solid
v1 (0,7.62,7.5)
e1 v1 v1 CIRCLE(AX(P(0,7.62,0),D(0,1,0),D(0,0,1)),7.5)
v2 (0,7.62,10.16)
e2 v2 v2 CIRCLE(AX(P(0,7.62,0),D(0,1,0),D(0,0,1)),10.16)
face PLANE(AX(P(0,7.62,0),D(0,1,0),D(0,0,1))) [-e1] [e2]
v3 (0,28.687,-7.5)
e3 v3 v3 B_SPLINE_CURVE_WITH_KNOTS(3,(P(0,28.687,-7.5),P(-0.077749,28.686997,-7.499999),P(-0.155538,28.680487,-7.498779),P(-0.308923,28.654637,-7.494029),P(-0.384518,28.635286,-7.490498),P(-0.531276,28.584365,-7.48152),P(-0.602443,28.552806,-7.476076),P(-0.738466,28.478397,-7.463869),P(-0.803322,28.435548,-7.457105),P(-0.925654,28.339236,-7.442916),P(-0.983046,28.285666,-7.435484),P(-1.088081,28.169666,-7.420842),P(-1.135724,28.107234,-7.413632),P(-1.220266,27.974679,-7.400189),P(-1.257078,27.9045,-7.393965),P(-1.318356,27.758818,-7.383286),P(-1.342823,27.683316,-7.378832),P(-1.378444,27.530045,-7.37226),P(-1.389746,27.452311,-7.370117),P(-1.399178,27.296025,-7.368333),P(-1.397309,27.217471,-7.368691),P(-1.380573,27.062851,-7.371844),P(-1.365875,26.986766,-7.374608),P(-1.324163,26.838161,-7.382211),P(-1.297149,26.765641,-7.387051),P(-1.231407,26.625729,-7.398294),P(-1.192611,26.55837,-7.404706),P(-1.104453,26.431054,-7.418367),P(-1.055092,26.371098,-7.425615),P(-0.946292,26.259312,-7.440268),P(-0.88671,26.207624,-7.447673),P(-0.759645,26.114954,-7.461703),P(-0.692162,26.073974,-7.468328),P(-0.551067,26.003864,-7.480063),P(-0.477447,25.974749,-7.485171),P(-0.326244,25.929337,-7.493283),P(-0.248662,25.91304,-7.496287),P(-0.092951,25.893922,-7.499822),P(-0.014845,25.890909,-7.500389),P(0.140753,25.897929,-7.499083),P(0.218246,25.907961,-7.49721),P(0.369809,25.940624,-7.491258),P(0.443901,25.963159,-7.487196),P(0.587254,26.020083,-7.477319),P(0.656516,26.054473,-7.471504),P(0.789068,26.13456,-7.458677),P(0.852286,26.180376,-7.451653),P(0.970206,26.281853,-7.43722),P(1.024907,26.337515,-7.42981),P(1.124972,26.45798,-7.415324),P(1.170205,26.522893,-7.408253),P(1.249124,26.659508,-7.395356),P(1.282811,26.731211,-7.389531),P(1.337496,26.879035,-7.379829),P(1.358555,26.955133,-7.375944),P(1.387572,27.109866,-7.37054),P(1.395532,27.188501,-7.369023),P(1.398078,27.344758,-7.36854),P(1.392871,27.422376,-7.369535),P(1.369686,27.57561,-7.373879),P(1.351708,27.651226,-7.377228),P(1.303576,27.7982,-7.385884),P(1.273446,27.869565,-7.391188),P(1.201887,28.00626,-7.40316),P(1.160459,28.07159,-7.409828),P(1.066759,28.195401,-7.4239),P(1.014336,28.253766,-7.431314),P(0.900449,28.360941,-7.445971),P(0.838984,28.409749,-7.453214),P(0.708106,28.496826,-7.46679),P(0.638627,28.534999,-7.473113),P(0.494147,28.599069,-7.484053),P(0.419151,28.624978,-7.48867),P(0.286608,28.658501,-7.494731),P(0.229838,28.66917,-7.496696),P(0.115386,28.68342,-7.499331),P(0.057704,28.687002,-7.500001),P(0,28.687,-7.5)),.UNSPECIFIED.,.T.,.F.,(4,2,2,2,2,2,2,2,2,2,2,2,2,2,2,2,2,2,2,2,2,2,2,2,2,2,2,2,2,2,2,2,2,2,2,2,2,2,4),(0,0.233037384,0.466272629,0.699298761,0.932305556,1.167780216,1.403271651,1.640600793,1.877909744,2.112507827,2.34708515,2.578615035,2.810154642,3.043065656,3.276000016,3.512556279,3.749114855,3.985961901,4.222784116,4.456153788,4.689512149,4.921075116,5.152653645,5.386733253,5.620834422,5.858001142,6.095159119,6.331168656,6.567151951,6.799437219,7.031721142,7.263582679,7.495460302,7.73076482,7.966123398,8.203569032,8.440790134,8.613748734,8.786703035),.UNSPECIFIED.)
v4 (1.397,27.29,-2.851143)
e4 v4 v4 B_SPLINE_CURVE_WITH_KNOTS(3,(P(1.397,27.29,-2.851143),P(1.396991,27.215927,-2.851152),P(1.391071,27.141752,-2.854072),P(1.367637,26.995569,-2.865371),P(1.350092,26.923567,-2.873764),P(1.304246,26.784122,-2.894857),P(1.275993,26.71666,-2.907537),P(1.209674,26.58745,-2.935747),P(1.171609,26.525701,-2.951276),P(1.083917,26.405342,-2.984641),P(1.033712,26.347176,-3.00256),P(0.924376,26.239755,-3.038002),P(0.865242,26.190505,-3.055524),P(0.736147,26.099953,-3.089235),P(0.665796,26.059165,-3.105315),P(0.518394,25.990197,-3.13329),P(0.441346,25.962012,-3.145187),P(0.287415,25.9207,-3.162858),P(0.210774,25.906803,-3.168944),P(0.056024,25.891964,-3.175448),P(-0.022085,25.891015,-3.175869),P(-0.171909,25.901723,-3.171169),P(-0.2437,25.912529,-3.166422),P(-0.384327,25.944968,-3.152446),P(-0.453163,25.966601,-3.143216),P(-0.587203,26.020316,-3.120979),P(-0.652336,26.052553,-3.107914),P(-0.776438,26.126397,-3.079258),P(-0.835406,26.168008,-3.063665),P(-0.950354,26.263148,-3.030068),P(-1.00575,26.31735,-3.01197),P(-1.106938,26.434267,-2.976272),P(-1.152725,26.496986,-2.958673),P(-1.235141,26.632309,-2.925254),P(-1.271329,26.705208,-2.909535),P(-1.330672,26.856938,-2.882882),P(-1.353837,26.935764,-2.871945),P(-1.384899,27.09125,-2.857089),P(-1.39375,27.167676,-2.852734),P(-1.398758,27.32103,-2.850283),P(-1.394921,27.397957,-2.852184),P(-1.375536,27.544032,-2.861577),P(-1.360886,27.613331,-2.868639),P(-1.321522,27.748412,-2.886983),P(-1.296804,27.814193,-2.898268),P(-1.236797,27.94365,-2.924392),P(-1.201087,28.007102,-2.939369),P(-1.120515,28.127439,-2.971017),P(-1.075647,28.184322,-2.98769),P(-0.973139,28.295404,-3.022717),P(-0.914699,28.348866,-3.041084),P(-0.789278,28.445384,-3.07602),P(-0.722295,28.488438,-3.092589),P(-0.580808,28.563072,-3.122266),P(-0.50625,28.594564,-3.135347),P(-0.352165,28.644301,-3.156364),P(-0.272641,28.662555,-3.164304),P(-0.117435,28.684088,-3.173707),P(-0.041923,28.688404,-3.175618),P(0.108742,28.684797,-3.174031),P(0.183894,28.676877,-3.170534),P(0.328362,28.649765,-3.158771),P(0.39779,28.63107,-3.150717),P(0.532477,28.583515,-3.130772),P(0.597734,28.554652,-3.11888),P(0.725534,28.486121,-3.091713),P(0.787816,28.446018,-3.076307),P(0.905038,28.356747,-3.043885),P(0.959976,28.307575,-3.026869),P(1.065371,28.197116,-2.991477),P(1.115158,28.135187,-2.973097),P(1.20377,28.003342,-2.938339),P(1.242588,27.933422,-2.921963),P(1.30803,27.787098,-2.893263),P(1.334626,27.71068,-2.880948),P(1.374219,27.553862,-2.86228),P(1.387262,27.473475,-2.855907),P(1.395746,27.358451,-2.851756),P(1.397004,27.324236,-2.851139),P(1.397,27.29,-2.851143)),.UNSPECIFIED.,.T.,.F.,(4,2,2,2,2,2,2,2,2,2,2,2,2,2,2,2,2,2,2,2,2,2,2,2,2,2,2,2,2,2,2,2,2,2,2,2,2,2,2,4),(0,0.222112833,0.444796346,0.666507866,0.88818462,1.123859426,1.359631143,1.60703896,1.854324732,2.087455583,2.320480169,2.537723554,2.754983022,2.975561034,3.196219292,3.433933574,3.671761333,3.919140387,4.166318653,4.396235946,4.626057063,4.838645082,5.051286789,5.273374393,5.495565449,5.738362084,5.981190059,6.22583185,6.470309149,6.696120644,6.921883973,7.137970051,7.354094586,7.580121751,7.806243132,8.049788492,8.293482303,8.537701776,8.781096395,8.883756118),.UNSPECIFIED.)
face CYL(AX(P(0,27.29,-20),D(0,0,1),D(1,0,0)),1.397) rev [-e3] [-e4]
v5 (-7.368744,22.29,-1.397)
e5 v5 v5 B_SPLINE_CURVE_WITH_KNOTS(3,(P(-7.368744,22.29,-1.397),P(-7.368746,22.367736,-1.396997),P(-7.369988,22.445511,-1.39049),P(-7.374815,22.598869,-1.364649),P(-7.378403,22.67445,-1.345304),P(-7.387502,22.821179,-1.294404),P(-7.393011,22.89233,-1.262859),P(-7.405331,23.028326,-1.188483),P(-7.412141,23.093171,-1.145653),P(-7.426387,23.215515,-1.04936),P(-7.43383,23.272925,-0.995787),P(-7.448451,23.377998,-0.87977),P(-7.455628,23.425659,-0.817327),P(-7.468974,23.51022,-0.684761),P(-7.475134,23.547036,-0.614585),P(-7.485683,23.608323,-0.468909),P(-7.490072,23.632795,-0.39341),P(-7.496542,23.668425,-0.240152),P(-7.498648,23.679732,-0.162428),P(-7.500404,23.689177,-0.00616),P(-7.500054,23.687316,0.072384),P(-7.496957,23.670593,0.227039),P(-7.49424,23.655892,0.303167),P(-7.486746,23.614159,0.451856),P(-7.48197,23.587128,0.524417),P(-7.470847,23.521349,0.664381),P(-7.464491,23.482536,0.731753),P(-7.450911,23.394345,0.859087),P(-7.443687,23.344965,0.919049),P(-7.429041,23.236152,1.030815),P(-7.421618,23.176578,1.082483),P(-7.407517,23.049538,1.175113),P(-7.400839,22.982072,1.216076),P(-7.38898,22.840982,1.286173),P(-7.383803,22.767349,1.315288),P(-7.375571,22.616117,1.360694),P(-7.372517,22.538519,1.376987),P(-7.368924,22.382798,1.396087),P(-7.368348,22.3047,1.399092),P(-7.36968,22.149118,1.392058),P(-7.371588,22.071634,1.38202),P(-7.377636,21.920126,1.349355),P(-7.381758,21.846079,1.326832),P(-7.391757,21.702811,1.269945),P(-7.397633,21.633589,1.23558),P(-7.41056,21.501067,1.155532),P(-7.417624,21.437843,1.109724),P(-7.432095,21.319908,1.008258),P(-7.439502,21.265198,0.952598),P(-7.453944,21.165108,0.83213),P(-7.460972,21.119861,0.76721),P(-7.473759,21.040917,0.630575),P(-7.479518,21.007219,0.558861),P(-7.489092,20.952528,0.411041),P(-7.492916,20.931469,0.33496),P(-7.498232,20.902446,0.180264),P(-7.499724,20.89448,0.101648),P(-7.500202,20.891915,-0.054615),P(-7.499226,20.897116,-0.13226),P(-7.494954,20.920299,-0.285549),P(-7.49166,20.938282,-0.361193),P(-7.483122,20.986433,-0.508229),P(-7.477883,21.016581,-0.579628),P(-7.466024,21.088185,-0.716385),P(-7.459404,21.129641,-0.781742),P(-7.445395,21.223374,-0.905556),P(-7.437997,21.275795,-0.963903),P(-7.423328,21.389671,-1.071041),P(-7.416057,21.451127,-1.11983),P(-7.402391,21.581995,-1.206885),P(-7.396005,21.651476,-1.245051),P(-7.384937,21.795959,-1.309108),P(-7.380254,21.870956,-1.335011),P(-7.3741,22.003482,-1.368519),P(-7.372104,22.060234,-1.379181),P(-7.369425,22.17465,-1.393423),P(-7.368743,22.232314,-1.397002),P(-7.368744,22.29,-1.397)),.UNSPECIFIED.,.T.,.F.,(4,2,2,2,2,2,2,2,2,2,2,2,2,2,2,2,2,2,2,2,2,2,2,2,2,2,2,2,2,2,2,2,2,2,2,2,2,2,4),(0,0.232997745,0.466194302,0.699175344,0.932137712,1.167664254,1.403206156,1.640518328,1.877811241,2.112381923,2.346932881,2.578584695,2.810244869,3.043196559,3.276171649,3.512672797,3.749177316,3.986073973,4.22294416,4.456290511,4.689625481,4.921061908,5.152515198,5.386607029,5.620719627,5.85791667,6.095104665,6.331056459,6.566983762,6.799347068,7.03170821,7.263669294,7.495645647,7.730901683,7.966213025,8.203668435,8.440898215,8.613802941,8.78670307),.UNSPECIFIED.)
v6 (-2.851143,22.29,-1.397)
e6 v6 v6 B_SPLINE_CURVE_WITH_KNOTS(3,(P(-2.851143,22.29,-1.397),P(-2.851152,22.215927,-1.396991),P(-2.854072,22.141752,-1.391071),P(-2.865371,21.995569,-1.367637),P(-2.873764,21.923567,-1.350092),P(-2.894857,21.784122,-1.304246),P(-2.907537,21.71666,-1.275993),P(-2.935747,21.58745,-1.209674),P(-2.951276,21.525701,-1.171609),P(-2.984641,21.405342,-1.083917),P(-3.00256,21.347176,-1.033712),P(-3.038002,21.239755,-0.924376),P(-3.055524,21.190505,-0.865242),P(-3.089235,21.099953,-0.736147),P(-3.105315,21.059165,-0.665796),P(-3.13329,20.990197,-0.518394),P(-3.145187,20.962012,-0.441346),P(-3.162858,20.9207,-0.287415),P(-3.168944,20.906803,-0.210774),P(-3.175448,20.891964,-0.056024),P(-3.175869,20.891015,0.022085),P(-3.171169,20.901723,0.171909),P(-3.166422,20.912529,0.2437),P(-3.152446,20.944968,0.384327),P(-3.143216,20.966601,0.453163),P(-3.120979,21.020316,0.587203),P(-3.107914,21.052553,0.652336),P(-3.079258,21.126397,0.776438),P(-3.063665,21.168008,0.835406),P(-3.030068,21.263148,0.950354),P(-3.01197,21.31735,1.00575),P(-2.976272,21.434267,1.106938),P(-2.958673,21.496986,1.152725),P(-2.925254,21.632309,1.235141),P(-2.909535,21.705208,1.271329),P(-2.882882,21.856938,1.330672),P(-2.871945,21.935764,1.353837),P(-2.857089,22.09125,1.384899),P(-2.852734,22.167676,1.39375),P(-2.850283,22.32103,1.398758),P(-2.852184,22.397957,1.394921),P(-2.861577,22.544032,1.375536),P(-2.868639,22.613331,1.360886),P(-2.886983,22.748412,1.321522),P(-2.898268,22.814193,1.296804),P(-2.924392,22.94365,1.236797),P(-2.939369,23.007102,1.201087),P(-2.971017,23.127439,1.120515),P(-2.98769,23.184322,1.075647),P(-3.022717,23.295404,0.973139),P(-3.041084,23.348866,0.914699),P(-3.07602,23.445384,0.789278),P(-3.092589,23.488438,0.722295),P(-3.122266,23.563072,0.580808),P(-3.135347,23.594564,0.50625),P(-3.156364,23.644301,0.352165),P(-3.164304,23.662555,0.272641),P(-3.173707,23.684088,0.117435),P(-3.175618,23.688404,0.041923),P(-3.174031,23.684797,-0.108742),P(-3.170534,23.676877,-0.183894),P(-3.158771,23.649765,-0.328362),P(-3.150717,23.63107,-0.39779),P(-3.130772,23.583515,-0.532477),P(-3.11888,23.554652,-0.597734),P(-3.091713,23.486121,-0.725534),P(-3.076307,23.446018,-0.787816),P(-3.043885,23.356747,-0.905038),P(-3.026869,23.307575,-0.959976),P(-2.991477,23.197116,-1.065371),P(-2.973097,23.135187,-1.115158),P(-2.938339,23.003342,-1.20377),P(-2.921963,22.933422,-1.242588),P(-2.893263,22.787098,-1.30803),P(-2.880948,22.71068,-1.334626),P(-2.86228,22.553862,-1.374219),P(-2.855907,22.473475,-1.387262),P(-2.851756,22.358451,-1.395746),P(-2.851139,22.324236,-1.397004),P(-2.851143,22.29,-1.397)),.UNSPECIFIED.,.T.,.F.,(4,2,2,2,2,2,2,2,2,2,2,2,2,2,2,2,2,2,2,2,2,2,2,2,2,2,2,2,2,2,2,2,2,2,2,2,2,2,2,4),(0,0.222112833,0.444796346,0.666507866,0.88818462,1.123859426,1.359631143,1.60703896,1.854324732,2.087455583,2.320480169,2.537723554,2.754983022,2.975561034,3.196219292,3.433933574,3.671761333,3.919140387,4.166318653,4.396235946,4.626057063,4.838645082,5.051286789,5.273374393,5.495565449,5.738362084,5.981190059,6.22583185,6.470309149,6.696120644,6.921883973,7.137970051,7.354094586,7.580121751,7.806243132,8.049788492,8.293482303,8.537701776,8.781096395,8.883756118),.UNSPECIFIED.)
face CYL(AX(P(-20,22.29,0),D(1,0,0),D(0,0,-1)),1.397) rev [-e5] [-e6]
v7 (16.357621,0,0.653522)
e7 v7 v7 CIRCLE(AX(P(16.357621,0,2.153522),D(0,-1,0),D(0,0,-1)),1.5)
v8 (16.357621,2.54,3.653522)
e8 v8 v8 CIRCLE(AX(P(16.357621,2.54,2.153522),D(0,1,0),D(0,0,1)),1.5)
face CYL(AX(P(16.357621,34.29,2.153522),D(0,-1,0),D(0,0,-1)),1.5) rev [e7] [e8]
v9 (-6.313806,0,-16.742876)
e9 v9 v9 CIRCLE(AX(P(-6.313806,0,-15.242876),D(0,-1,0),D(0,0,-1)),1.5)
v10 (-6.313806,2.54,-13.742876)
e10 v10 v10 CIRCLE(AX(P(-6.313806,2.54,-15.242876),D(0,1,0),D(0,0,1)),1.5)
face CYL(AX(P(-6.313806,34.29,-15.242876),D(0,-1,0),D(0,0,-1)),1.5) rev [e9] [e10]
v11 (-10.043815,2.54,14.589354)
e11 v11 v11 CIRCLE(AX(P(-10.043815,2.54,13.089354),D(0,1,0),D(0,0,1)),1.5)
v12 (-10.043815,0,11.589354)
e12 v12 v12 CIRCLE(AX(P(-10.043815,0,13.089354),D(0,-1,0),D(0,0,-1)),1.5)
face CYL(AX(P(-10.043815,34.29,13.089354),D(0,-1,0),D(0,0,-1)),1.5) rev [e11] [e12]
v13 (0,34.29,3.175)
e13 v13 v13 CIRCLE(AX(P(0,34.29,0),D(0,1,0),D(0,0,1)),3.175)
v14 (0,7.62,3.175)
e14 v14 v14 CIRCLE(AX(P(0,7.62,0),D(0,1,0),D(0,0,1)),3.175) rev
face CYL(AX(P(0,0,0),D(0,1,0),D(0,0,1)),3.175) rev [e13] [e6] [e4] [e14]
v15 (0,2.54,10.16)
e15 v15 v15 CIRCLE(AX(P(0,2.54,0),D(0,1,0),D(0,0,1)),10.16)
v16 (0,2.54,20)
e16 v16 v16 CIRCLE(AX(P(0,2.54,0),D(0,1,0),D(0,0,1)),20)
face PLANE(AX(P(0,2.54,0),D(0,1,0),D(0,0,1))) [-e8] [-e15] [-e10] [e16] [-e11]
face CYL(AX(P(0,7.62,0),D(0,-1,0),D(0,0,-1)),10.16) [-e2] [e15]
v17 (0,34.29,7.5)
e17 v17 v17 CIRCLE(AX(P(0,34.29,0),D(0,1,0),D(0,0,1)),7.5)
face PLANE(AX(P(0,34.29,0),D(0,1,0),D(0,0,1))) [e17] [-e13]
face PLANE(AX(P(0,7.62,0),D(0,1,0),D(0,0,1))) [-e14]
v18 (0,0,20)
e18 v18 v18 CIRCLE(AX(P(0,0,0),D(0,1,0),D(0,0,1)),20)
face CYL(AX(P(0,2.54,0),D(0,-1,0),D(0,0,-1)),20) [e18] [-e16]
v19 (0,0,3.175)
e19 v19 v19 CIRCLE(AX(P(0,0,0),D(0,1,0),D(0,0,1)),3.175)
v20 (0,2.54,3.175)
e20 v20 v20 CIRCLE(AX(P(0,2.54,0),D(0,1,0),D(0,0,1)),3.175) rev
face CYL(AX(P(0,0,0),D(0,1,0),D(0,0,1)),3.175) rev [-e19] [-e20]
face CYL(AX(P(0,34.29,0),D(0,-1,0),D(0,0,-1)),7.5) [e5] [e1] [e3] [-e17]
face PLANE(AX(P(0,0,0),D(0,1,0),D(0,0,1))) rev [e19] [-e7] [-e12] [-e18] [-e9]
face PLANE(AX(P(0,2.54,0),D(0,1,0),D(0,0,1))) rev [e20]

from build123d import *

# Parameters (mm, degrees)
SKETCH1_R           = 20
BOSS_EXTRUDE1_DEPTH = 2.54
SKETCH2_R           = 7.499999986
BOSS_EXTRUDE2_DEPTH = 31.75
SKETCH6_R           = 1.5
CUT_EXTRUDE2_DEPTH  = 45.450017998
SKETCH7_R           = 3.175
CUT_EXTRUDE3_DEPTH  = 45.450017998
SKETCH8_R           = 1.397
CUT_EXTRUDE4_DEPTH  = 45.450017998
SKETCH9_R           = 1.397
CUT_EXTRUDE5_DEPTH  = 45.450018075
SKETCH10_R          = 10.16
BOSS_EXTRUDE3_DEPTH = 5.08


with BuildPart() as part:
    # Sketch1 → Boss-Extrude1 (new body)
    with BuildSketch(Plane(origin=(0, 0, 0), x_dir=(1, 0, 0), z_dir=(0, 1, 0))):
        with Locations(Location((0, 0, 0), (0, 0, 270))):
            Circle(SKETCH1_R)
    extrude(amount=BOSS_EXTRUDE1_DEPTH)

    # Sketch2 → Boss-Extrude2 (add)
    with BuildSketch(Plane(origin=(0, 2.54, 0), x_dir=(1, 0, 0), z_dir=(0, 1, 0))):
        with Locations(Location((0, 0, 0), (0, 0, 270))):
            Circle(SKETCH2_R)
    extrude(amount=BOSS_EXTRUDE2_DEPTH)

    # Sketch6 → Cut-Extrude2 (cut, through all)
    with BuildSketch(Plane(origin=(0, 0, 0), x_dir=(-1, 0, 0), z_dir=(0, -1, 0))):
        with Locations(Location((6.313805851, 15.242875716, 0), (0, 0, 90))):
            Circle(SKETCH6_R)
        with Locations(Location((10.043814672, -13.08935412, 0), (0, 0, 90))):
            Circle(SKETCH6_R)
        with Locations(Location((-16.357620523, -2.153521596, 0), (0, 0, 90))):
            Circle(SKETCH6_R)
    extrude(amount=-CUT_EXTRUDE2_DEPTH, mode=Mode.SUBTRACT)

    # Sketch7 → Cut-Extrude3 (cut, through all)
    with BuildSketch(Plane(origin=(0, 34.29, 0), x_dir=(1, 0, 0), z_dir=(0, 1, 0))):
        with Locations(Location((0, 0, 0), (0, 0, 270))):
            Circle(SKETCH7_R)
    extrude(amount=-CUT_EXTRUDE3_DEPTH, mode=Mode.SUBTRACT)

    # Sketch8 → Cut-Extrude4 (cut, through all)
    with BuildSketch(Plane(origin=(0, 0, 0), x_dir=(0, 0, -1), z_dir=(1, 0, 0))):
        with Locations((0, 22.29)):
            Circle(SKETCH8_R)
    extrude(amount=-CUT_EXTRUDE4_DEPTH, mode=Mode.SUBTRACT)

    # Sketch9 → Cut-Extrude5 (cut, through all)
    with BuildSketch(Plane.XY):
        with Locations((0, 27.29)):
            Circle(SKETCH9_R)
    extrude(amount=-CUT_EXTRUDE5_DEPTH, mode=Mode.SUBTRACT)

    # Sketch10 → Boss-Extrude3 (add)
    with BuildSketch(Plane(origin=(0, 2.54, 0), x_dir=(1, 0, 0), z_dir=(0, 1, 0))):
        with Locations(Location((0, 0, 0), (0, 0, 270))):
            Circle(SKETCH10_R)
    extrude(amount=BOSS_EXTRUDE3_DEPTH)


solid = part.part
